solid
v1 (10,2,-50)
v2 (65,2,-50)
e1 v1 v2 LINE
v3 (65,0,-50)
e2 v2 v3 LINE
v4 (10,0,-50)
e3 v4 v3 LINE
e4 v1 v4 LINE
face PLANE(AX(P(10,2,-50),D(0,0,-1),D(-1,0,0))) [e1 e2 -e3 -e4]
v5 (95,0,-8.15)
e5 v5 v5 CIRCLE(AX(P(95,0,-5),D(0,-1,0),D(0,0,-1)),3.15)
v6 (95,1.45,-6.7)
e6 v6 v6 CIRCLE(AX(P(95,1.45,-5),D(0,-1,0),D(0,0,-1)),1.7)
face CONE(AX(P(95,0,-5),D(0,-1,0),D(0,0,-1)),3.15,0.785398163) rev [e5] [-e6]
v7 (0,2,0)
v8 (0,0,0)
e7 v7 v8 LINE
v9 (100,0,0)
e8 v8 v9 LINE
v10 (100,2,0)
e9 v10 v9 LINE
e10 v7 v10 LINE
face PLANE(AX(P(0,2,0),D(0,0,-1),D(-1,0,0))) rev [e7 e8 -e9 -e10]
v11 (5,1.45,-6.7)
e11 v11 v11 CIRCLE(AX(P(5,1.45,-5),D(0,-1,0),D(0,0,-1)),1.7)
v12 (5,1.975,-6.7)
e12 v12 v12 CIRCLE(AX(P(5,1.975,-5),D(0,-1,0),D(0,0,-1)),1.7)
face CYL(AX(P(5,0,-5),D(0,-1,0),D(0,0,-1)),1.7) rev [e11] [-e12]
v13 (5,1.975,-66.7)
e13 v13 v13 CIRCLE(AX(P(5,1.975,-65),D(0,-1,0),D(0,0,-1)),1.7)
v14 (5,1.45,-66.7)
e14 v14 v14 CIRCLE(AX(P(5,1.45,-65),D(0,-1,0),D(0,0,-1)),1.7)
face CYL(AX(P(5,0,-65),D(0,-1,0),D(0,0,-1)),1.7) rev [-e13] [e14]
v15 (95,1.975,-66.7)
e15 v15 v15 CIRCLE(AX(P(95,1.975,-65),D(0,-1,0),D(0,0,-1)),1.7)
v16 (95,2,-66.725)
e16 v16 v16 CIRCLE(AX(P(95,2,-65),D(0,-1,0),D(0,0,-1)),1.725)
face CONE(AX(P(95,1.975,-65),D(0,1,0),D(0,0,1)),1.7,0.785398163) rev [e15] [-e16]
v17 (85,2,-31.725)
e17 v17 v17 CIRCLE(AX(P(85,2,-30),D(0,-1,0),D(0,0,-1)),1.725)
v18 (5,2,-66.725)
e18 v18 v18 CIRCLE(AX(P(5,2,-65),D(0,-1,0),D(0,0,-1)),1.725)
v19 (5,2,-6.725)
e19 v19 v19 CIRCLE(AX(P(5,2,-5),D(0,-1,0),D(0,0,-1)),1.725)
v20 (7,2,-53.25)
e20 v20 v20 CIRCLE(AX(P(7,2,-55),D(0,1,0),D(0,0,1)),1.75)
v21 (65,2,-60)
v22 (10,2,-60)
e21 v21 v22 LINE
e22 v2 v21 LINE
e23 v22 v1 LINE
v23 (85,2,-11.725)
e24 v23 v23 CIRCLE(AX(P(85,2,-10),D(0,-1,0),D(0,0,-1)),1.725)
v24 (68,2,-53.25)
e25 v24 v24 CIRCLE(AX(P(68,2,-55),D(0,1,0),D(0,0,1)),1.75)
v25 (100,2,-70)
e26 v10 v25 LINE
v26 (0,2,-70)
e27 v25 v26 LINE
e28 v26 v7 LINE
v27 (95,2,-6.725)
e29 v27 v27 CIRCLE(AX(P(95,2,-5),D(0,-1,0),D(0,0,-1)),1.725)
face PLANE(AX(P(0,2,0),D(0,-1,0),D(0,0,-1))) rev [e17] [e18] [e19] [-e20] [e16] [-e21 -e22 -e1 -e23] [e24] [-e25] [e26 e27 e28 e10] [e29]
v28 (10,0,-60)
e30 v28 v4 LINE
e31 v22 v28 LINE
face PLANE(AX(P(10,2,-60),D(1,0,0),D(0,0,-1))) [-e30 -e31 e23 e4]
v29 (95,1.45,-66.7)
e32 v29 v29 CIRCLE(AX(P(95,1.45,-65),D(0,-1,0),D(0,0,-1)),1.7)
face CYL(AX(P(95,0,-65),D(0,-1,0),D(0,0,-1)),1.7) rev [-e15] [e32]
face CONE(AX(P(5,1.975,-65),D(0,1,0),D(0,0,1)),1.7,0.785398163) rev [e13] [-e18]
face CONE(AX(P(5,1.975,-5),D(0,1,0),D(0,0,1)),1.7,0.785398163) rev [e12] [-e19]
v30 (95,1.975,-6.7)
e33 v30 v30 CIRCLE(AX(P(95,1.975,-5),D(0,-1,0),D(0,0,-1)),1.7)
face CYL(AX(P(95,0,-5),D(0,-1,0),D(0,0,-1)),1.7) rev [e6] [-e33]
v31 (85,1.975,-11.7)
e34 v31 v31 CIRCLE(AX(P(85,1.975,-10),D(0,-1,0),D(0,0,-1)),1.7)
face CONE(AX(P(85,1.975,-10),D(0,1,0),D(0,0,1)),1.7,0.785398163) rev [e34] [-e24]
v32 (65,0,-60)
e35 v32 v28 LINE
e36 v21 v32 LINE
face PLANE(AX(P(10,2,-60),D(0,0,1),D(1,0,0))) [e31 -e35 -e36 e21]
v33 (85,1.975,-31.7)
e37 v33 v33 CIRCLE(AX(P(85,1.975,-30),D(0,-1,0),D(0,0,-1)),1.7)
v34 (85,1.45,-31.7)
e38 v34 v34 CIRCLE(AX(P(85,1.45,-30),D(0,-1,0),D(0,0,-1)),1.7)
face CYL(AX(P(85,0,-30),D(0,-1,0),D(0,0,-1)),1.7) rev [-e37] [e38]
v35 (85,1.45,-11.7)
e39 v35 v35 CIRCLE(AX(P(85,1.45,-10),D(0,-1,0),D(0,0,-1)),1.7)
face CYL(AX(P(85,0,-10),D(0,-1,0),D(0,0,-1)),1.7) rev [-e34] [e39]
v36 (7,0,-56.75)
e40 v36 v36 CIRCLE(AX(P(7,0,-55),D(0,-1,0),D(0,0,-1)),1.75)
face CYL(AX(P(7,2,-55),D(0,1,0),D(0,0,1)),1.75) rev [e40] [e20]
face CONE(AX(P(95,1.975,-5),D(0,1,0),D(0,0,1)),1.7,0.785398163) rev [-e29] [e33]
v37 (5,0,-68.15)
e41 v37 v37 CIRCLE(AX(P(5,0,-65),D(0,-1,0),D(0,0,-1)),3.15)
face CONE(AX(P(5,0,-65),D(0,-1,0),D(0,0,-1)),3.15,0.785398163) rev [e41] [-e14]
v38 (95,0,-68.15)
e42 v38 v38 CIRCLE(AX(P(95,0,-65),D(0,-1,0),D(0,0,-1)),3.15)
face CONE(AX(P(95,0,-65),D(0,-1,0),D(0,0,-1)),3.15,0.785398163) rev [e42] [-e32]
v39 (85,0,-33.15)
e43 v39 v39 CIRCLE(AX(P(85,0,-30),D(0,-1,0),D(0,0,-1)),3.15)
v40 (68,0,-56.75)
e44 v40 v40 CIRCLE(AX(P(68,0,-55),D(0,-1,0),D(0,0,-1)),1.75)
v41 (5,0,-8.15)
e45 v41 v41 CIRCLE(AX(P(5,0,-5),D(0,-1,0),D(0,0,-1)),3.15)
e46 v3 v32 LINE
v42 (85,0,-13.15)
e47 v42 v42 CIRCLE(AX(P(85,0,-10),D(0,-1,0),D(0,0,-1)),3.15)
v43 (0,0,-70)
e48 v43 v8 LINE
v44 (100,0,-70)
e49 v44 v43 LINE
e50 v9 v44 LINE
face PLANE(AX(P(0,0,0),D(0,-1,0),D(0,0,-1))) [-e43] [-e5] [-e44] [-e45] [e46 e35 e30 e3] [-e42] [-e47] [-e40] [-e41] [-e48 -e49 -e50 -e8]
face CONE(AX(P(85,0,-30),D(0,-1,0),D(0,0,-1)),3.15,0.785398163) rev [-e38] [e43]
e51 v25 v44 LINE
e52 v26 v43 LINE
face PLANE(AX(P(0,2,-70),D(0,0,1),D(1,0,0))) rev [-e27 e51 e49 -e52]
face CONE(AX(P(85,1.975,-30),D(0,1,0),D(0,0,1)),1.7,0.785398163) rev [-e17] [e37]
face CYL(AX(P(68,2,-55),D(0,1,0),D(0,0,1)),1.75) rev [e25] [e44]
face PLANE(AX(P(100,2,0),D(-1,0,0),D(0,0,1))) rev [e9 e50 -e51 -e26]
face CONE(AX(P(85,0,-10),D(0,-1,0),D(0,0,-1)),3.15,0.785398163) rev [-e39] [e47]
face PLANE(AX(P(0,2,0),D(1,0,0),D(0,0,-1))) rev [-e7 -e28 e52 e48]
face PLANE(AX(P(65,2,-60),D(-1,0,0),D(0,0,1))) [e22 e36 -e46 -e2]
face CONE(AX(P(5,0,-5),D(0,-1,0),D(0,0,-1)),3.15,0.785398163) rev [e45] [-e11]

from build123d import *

# Parameters (mm, degrees)
SKIZZE1_W                                      = 100
SKIZZE1_H                                      = 70
SKIZZE1_W_2                                    = 55
SKIZZE1_H_2                                    = 10
AUFSATZ_LINEAR_AUSTRAGEN1_DEPTH                = 2
F_3_5_3_5_DURCHMESSER_BOHRUNG1_D               = 3.5
FORMSENKUNG_F_R_M3_LINSENSENKSCHRAUB_2_COUNT   = 2
FORMSENKUNG_F_R_M3_LINSENSENKSCHRAUB_2_PITCH   = 90
FORMSENKUNG_F_R_M3_LINSENSENKSCHRAUB_3_COUNT   = 2
FORMSENKUNG_F_R_M3_LINSENSENKSCHRAUB_3_PITCH   = 108.166538264
FORMSENKUNG_F_R_M3_LINSENSENKSCHRAUB_4_COUNT   = 2
FORMSENKUNG_F_R_M3_LINSENSENKSCHRAUB_4_PITCH   = 60
FORMSENKUNG_F_R_M3_LINSENSENKSCHRAUB_5_A_COUNT = 2
FORMSENKUNG_F_R_M3_LINSENSENKSCHRAUB_5_A_PITCH = 20


with BuildPart() as part:
    # Skizze1 → Aufsatz-Linear austragen1 (new body)
    with BuildSketch(Plane(origin=(0, 0, 0), x_dir=(1, 0, 0), z_dir=(0, 1, 0))):
        with Locations((50, 35)):
            Rectangle(SKIZZE1_W, SKIZZE1_H)
        with Locations((37.5, 55)):
            Rectangle(SKIZZE1_W_2, SKIZZE1_H_2, mode=Mode.SUBTRACT)
    extrude(amount=AUFSATZ_LINEAR_AUSTRAGEN1_DEPTH)

    # Ø3.5 (3.5) Durchmesser Bohrung1 (through all)
    with Locations(Plane(origin=(0, 2, 0), x_dir=(1, 0, 0), z_dir=(0, 1, 0))):
        with Locations((7, 55), (68, 55)):
            Hole(F_3_5_3_5_DURCHMESSER_BOHRUNG1_D / 2)

    # Skizze7 → Formsenkung f_r M3 Linsensenkschraube mi (revolve, cut)
    with BuildSketch(Plane(origin=(5, 0, -5), x_dir=(0, 0, -1), z_dir=(1, 0, 0))):
        Polygon((0, 0), (0, 2), (1.725, 2), (1.7, 1.975), (1.7, 1.45), (3.15, 0), align=None)
    formsenkung_f_r_m3_linsensenkschraube_mi = revolve(axis=Axis((5, -6.35, -5), (0, 1, 0)), mode=Mode.SUBTRACT)

    # Formsenkung f_r M3 Linsensenkschraub 2: Formsenkung f_r M3 Linsensenkschraube mi ×2
    with Locations(*[(i * FORMSENKUNG_F_R_M3_LINSENSENKSCHRAUB_2_PITCH, 0, 0) for i in range(1, FORMSENKUNG_F_R_M3_LINSENSENKSCHRAUB_2_COUNT)]):
        add(formsenkung_f_r_m3_linsensenkschraube_mi, mode=Mode.SUBTRACT)

    # Formsenkung f_r M3 Linsensenkschraub 3: Formsenkung f_r M3 Linsensenkschraube mi ×2
    with Locations(*[Vector(0.8320502943378437, 0, -0.5547001962252291) * (i * FORMSENKUNG_F_R_M3_LINSENSENKSCHRAUB_3_PITCH) for i in range(1, FORMSENKUNG_F_R_M3_LINSENSENKSCHRAUB_3_COUNT)]):
        add(formsenkung_f_r_m3_linsensenkschraube_mi, mode=Mode.SUBTRACT)

    # Formsenkung f_r M3 Linsensenkschraub 4: Formsenkung f_r M3 Linsensenkschraube mi ×2
    with Locations(*[(0, 0, -i * FORMSENKUNG_F_R_M3_LINSENSENKSCHRAUB_4_PITCH) for i in range(1, FORMSENKUNG_F_R_M3_LINSENSENKSCHRAUB_4_COUNT)]):
        add(formsenkung_f_r_m3_linsensenkschraube_mi, mode=Mode.SUBTRACT)

    # Skizze9 → Formsenkung f_r M3 Linsensenkschraub 5 (revolve, cut)
    with BuildSketch(Plane(origin=(85, 0, -10), x_dir=(0, 0, -1), z_dir=(1, 0, 0))):
        Polygon((0, 0), (0, 2), (1.725, 2), (1.7, 1.975), (1.7, 1.45), (3.15, 0), align=None)
    formsenkung_f_r_m3_linsensenkschraub_5 = revolve(axis=Axis((85, -6.35, -10), (0, 1, 0)), mode=Mode.SUBTRACT)

    # Formsenkung f_r M3 Linsensenkschraub 5 a: Formsenkung f_r M3 Linsensenkschraub 5 ×2
    with Locations(*[(0, 0, -i * FORMSENKUNG_F_R_M3_LINSENSENKSCHRAUB_5_A_PITCH) for i in range(1, FORMSENKUNG_F_R_M3_LINSENSENKSCHRAUB_5_A_COUNT)]):
        add(formsenkung_f_r_m3_linsensenkschraub_5, mode=Mode.SUBTRACT)


solid = part.part
